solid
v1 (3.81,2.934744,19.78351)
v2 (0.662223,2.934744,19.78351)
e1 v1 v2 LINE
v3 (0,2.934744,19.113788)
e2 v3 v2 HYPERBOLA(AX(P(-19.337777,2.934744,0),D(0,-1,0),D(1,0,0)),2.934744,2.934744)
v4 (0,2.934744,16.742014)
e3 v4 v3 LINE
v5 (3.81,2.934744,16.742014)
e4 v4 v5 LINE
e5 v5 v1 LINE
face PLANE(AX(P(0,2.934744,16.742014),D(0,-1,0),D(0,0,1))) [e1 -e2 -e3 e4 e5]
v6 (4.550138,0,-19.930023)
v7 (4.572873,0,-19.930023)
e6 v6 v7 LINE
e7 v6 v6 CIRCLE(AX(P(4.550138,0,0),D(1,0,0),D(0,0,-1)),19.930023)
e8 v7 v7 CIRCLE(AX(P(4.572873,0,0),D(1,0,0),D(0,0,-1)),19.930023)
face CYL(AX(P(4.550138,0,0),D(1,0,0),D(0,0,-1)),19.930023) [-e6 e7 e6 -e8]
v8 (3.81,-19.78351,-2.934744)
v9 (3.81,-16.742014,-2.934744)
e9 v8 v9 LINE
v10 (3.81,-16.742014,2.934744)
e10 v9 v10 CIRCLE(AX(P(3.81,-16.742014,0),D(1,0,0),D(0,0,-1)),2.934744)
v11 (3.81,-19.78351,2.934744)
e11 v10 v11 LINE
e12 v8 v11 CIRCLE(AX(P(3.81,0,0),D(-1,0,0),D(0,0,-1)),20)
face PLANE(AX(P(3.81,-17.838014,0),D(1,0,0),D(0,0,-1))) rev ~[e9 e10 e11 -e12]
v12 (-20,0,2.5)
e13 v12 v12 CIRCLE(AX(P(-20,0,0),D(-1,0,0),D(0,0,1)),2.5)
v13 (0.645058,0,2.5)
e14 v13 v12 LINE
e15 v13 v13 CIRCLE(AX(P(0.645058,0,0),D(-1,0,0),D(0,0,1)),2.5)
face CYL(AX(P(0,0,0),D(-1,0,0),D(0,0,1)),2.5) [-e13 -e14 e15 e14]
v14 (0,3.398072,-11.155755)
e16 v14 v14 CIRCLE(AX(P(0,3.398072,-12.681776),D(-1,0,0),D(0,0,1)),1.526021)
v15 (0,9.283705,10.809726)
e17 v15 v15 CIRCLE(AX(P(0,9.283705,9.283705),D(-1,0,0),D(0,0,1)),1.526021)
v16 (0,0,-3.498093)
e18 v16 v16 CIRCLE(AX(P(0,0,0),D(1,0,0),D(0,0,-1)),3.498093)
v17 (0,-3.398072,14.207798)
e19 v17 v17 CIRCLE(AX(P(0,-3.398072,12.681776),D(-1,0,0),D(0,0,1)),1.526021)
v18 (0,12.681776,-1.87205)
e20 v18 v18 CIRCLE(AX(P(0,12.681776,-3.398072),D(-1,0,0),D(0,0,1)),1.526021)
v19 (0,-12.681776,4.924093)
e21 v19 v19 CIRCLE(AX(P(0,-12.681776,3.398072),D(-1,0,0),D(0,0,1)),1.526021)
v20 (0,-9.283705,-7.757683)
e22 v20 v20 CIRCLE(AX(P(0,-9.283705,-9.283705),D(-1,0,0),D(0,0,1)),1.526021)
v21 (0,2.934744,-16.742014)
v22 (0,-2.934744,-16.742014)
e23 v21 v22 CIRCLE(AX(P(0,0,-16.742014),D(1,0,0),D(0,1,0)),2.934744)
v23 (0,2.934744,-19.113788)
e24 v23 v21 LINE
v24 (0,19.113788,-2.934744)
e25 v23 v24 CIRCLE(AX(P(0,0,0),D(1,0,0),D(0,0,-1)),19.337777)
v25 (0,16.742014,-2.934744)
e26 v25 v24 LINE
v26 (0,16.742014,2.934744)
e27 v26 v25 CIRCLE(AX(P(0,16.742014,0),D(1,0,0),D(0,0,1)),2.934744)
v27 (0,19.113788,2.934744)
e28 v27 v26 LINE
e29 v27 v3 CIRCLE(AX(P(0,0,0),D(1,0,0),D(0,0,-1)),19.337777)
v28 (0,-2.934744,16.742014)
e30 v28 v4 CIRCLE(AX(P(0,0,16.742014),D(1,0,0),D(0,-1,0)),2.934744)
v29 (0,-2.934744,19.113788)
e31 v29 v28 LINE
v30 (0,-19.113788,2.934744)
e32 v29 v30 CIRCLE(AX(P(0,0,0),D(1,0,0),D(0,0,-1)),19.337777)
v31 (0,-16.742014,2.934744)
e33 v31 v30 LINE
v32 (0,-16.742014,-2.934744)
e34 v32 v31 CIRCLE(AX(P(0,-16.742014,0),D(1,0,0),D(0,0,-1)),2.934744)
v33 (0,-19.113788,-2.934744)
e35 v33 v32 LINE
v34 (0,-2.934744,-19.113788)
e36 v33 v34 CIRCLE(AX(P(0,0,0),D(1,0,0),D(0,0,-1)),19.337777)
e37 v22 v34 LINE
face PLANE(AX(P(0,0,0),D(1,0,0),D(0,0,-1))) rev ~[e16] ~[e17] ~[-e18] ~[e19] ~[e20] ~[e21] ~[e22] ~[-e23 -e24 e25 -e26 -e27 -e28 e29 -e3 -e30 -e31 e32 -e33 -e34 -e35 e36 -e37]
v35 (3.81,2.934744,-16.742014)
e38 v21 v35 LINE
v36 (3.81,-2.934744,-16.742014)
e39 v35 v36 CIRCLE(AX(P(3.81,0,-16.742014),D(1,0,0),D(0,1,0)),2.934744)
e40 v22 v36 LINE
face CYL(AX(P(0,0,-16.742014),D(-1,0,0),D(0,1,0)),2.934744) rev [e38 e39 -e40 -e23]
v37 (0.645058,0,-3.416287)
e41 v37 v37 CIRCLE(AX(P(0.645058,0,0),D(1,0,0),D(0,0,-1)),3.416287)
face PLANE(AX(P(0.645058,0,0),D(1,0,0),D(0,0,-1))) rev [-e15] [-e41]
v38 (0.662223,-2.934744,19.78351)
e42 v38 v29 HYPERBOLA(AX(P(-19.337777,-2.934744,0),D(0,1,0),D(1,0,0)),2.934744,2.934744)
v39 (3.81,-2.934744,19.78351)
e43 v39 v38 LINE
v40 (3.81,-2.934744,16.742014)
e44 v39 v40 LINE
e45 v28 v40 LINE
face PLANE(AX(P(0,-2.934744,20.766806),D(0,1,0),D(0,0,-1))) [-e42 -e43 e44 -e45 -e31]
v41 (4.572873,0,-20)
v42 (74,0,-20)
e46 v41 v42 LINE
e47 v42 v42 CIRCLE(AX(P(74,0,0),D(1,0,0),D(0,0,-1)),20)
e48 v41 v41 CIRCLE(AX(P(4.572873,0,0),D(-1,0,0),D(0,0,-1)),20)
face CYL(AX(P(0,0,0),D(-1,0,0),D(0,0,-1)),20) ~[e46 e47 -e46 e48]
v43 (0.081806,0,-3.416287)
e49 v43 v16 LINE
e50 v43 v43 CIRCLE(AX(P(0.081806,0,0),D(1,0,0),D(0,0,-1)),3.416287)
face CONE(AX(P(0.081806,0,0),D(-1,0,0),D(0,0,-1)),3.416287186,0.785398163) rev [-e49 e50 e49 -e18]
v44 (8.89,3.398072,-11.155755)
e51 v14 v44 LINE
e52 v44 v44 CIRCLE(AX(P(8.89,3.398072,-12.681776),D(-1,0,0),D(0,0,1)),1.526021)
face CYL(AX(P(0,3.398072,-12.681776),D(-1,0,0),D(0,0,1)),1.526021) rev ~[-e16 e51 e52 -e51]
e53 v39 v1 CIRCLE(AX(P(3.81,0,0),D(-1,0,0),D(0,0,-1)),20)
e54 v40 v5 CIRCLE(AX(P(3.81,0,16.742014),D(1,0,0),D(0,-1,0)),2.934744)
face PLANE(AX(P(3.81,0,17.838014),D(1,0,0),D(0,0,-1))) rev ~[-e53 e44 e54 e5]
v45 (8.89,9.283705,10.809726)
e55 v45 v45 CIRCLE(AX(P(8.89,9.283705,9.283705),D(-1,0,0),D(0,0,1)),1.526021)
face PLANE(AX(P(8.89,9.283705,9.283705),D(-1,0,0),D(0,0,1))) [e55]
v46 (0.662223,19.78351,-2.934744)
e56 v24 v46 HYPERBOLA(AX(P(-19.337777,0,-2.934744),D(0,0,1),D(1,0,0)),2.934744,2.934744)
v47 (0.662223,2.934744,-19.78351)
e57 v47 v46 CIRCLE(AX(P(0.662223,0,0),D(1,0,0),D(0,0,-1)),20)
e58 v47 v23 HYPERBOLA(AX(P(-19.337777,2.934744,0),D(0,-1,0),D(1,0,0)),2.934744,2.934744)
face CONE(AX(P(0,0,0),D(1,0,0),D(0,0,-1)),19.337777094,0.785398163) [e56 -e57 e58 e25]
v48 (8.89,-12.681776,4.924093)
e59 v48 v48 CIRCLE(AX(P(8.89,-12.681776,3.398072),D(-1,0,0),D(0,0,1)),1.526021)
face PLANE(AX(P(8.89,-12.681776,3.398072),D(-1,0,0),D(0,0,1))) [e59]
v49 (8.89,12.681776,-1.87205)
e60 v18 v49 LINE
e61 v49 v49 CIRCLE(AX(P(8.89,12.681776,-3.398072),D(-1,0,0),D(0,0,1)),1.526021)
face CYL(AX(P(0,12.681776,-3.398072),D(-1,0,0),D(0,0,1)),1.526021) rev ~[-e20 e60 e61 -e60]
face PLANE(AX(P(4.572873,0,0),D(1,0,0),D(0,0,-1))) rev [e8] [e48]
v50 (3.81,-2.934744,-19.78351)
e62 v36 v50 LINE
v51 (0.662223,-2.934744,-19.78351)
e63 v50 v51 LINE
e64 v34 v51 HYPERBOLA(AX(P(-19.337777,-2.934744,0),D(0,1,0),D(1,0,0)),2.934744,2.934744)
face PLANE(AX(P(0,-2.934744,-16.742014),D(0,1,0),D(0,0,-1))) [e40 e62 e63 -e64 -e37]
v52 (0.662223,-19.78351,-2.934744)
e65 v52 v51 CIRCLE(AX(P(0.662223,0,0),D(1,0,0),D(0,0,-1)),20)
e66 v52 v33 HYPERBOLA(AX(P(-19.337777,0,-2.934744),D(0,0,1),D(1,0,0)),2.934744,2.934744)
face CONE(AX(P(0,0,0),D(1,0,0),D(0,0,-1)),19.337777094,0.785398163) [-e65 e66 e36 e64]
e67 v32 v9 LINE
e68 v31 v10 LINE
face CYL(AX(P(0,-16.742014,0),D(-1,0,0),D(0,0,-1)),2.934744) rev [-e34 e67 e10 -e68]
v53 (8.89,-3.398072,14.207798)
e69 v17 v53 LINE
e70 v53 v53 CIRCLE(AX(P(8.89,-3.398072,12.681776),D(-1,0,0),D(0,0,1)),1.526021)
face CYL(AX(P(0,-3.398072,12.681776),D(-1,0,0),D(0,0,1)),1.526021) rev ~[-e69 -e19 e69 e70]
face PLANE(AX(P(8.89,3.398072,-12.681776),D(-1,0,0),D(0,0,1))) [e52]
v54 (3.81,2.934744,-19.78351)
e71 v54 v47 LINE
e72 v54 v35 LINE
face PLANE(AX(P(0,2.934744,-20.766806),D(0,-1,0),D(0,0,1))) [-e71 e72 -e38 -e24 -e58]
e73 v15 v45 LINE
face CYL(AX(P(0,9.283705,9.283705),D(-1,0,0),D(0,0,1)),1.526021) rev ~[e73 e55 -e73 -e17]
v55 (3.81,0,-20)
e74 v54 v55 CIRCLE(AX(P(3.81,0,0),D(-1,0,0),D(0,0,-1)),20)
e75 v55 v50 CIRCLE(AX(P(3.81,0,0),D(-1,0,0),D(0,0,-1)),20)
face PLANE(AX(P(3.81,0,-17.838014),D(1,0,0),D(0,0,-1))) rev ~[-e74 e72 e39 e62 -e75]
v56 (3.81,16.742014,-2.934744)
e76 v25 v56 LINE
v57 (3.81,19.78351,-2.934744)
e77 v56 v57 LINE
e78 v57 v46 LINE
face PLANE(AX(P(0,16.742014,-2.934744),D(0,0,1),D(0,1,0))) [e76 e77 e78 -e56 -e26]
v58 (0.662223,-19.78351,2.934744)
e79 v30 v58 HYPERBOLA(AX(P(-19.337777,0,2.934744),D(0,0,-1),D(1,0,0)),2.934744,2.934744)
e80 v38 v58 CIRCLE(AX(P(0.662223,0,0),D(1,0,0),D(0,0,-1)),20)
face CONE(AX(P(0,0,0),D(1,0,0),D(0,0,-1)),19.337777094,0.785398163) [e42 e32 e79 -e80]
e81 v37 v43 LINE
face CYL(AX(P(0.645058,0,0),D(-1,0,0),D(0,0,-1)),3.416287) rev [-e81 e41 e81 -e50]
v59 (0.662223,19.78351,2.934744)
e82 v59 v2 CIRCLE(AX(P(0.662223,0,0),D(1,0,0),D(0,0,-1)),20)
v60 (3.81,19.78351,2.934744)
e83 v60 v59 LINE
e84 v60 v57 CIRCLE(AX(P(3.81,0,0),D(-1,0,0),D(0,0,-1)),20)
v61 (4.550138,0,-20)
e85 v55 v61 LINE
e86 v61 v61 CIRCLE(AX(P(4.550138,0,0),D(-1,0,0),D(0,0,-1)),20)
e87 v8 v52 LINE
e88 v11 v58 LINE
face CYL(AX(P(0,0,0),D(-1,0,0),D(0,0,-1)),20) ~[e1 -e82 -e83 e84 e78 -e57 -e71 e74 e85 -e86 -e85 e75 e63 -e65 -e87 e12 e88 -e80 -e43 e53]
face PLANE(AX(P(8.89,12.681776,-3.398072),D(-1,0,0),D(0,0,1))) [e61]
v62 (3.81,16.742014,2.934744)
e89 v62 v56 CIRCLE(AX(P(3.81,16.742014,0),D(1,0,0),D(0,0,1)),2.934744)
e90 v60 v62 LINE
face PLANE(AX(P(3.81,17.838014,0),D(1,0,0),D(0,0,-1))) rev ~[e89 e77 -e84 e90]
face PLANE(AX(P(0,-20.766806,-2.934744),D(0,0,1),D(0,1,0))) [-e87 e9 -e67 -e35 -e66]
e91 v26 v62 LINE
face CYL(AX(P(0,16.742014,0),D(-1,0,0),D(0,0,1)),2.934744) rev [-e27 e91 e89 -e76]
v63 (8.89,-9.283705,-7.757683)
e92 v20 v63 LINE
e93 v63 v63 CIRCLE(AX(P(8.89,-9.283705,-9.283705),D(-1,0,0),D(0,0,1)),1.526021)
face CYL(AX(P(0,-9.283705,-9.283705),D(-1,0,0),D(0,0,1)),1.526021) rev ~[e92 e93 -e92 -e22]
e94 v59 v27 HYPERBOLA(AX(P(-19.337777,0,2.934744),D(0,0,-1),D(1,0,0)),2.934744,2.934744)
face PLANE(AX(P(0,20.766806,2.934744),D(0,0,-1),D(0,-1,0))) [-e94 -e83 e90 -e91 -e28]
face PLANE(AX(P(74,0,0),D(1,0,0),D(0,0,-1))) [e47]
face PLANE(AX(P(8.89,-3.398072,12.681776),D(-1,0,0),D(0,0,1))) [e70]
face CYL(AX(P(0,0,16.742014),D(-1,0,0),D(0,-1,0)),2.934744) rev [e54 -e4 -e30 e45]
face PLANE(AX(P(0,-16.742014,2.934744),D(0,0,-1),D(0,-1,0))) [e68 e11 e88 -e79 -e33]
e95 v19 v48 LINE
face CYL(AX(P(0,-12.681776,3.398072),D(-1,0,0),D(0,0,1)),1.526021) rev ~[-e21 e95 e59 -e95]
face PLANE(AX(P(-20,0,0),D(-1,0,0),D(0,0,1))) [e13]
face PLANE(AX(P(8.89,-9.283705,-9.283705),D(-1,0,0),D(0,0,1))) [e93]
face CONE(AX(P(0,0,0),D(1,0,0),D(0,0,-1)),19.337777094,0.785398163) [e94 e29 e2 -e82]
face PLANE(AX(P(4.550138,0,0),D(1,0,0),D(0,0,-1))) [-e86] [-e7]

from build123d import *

# Parameters (mm, degrees)
SKETCH1_R                       = 20
BOSS_EXTRUDE1_DEPTH             = 74
SKETCH2_R                       = 2.5
BOSS_EXTRUDE2_DEPTH             = 20
BOSS_EXTRUDE2_DIRECTION_2_REACH = 76
CUT_EXTRUDE1_DEPTH              = 3.81
SKETCH7_R                       = 1.526021313
CUT_EXTRUDE2_DEPTH              = 8.89


with BuildPart() as part:
    # Sketch1 → Boss-Extrude1 (new body)
    with BuildSketch(Plane(origin=(0, 0, 0), x_dir=(0, 0, -1), z_dir=(1, 0, 0))):
        Circle(SKETCH1_R)
    extrude(amount=BOSS_EXTRUDE1_DEPTH)

    # Sketch5 → Cut-Revolve1 (revolve, cut)
    with BuildSketch(Plane(origin=(0, 0, 0), x_dir=(1, 0, 0), z_dir=(0, 1, 0))):
        Polygon((0, 19.337777094), (0.662222906, 20), (0.662222906, 20.176229402), (4.550138216, 20.176229402), (4.550138216, 19.930023338), (4.572872876, 19.930023338), (4.572872876, 20.70759824), (0.489891522, 20.70759824), (-0.879929624, 19.337777094), align=None)
        Polygon((0, 0), (0.645058213, 0), (0.645058213, 3.416287186), (0.081805863, 3.416287186), (0, 3.498093049), (-0.347704824, 3.498093049), (-0.347704824, 0), align=None)
    revolve(axis=Axis((-44.161448521, 0, 0), (1, 0, 0)), mode=Mode.SUBTRACT)

    # Sketch2 → Boss-Extrude2 (add)
    with BuildSketch(Plane.ZY):
        Circle(SKETCH2_R)
    extrude(amount=BOSS_EXTRUDE2_DEPTH)

    # Sketch2 → Boss-Extrude2 direction 2 (add, up to next)
    with BuildSketch(Plane.ZY, mode=Mode.PRIVATE) as boss_extrude2_direction_2_sk1:
        Circle(SKETCH2_R)
    boss_extrude2_direction_2_tool1 = extrude(boss_extrude2_direction_2_sk1.sketch, amount=-BOSS_EXTRUDE2_DIRECTION_2_REACH, mode=Mode.PRIVATE) - part.part
    add(boss_extrude2_direction_2_tool1.solids().sort_by_distance((0, 0, 0))[0])

    # Sketch6 → Cut-Extrude1 (cut)
    with BuildSketch(Plane.ZY):
        with BuildLine():
            Line((-2.93474373, 16.742014233), (-2.93474373, 20.766805635))
            Line((-2.93474373, 20.766805635), (2.93474373, 20.766805635))
            Line((2.93474373, 20.766805635), (2.93474373, 16.742014233))
            ThreePointArc((2.93474373, 16.742014233), (0, 13.807270503), (-2.93474373, 16.742014233))
        make_face()
        with BuildLine():
            Line((20.766805635, -2.93474373), (16.742014233, -2.93474373))
            ThreePointArc((16.742014233, -2.93474373), (13.807270503, 0), (16.742014233, 2.93474373))
            Line((16.742014233, 2.93474373), (20.766805635, 2.93474373))
            Line((20.766805635, 2.93474373), (20.766805635, -2.93474373))
        make_face()
        with BuildLine():
            Line((-2.93474373, -20.766805635), (-2.93474373, -16.742014233))
            ThreePointArc((-2.93474373, -16.742014233), (0, -13.807270503), (2.93474373, -16.742014233))
            Line((2.93474373, -16.742014233), (2.93474373, -20.766805635))
            Line((2.93474373, -20.766805635), (-2.93474373, -20.766805635))
        make_face()
        with BuildLine():
            Line((-20.766805635, 2.93474373), (-16.742014233, 2.93474373))
            ThreePointArc((-16.742014233, 2.93474373), (-13.807270503, 0), (-16.742014233, -2.93474373))
            Line((-16.742014233, -2.93474373), (-20.766805635, -2.93474373))
            Line((-20.766805635, -2.93474373), (-20.766805635, 2.93474373))
        make_face()
    extrude(amount=-CUT_EXTRUDE1_DEPTH, mode=Mode.SUBTRACT)

    # Sketch7 → Cut-Extrude2 (cut)
    with BuildSketch(Plane.ZY):
        with Locations((-3.398071731, 12.681776348)):
            Circle(SKETCH7_R)
        with Locations((9.283704617, 9.283704617)):
            Circle(SKETCH7_R)
        with Locations((12.681776348, -3.398071731)):
            Circle(SKETCH7_R)
        with Locations((3.398071731, -12.681776348)):
            Circle(SKETCH7_R)
        with Locations((-9.283704617, -9.283704617)):
            Circle(SKETCH7_R)
        with Locations((-12.681776348, 3.398071731)):
            Circle(SKETCH7_R)
    extrude(amount=-CUT_EXTRUDE2_DEPTH, mode=Mode.SUBTRACT)


solid = part.part
